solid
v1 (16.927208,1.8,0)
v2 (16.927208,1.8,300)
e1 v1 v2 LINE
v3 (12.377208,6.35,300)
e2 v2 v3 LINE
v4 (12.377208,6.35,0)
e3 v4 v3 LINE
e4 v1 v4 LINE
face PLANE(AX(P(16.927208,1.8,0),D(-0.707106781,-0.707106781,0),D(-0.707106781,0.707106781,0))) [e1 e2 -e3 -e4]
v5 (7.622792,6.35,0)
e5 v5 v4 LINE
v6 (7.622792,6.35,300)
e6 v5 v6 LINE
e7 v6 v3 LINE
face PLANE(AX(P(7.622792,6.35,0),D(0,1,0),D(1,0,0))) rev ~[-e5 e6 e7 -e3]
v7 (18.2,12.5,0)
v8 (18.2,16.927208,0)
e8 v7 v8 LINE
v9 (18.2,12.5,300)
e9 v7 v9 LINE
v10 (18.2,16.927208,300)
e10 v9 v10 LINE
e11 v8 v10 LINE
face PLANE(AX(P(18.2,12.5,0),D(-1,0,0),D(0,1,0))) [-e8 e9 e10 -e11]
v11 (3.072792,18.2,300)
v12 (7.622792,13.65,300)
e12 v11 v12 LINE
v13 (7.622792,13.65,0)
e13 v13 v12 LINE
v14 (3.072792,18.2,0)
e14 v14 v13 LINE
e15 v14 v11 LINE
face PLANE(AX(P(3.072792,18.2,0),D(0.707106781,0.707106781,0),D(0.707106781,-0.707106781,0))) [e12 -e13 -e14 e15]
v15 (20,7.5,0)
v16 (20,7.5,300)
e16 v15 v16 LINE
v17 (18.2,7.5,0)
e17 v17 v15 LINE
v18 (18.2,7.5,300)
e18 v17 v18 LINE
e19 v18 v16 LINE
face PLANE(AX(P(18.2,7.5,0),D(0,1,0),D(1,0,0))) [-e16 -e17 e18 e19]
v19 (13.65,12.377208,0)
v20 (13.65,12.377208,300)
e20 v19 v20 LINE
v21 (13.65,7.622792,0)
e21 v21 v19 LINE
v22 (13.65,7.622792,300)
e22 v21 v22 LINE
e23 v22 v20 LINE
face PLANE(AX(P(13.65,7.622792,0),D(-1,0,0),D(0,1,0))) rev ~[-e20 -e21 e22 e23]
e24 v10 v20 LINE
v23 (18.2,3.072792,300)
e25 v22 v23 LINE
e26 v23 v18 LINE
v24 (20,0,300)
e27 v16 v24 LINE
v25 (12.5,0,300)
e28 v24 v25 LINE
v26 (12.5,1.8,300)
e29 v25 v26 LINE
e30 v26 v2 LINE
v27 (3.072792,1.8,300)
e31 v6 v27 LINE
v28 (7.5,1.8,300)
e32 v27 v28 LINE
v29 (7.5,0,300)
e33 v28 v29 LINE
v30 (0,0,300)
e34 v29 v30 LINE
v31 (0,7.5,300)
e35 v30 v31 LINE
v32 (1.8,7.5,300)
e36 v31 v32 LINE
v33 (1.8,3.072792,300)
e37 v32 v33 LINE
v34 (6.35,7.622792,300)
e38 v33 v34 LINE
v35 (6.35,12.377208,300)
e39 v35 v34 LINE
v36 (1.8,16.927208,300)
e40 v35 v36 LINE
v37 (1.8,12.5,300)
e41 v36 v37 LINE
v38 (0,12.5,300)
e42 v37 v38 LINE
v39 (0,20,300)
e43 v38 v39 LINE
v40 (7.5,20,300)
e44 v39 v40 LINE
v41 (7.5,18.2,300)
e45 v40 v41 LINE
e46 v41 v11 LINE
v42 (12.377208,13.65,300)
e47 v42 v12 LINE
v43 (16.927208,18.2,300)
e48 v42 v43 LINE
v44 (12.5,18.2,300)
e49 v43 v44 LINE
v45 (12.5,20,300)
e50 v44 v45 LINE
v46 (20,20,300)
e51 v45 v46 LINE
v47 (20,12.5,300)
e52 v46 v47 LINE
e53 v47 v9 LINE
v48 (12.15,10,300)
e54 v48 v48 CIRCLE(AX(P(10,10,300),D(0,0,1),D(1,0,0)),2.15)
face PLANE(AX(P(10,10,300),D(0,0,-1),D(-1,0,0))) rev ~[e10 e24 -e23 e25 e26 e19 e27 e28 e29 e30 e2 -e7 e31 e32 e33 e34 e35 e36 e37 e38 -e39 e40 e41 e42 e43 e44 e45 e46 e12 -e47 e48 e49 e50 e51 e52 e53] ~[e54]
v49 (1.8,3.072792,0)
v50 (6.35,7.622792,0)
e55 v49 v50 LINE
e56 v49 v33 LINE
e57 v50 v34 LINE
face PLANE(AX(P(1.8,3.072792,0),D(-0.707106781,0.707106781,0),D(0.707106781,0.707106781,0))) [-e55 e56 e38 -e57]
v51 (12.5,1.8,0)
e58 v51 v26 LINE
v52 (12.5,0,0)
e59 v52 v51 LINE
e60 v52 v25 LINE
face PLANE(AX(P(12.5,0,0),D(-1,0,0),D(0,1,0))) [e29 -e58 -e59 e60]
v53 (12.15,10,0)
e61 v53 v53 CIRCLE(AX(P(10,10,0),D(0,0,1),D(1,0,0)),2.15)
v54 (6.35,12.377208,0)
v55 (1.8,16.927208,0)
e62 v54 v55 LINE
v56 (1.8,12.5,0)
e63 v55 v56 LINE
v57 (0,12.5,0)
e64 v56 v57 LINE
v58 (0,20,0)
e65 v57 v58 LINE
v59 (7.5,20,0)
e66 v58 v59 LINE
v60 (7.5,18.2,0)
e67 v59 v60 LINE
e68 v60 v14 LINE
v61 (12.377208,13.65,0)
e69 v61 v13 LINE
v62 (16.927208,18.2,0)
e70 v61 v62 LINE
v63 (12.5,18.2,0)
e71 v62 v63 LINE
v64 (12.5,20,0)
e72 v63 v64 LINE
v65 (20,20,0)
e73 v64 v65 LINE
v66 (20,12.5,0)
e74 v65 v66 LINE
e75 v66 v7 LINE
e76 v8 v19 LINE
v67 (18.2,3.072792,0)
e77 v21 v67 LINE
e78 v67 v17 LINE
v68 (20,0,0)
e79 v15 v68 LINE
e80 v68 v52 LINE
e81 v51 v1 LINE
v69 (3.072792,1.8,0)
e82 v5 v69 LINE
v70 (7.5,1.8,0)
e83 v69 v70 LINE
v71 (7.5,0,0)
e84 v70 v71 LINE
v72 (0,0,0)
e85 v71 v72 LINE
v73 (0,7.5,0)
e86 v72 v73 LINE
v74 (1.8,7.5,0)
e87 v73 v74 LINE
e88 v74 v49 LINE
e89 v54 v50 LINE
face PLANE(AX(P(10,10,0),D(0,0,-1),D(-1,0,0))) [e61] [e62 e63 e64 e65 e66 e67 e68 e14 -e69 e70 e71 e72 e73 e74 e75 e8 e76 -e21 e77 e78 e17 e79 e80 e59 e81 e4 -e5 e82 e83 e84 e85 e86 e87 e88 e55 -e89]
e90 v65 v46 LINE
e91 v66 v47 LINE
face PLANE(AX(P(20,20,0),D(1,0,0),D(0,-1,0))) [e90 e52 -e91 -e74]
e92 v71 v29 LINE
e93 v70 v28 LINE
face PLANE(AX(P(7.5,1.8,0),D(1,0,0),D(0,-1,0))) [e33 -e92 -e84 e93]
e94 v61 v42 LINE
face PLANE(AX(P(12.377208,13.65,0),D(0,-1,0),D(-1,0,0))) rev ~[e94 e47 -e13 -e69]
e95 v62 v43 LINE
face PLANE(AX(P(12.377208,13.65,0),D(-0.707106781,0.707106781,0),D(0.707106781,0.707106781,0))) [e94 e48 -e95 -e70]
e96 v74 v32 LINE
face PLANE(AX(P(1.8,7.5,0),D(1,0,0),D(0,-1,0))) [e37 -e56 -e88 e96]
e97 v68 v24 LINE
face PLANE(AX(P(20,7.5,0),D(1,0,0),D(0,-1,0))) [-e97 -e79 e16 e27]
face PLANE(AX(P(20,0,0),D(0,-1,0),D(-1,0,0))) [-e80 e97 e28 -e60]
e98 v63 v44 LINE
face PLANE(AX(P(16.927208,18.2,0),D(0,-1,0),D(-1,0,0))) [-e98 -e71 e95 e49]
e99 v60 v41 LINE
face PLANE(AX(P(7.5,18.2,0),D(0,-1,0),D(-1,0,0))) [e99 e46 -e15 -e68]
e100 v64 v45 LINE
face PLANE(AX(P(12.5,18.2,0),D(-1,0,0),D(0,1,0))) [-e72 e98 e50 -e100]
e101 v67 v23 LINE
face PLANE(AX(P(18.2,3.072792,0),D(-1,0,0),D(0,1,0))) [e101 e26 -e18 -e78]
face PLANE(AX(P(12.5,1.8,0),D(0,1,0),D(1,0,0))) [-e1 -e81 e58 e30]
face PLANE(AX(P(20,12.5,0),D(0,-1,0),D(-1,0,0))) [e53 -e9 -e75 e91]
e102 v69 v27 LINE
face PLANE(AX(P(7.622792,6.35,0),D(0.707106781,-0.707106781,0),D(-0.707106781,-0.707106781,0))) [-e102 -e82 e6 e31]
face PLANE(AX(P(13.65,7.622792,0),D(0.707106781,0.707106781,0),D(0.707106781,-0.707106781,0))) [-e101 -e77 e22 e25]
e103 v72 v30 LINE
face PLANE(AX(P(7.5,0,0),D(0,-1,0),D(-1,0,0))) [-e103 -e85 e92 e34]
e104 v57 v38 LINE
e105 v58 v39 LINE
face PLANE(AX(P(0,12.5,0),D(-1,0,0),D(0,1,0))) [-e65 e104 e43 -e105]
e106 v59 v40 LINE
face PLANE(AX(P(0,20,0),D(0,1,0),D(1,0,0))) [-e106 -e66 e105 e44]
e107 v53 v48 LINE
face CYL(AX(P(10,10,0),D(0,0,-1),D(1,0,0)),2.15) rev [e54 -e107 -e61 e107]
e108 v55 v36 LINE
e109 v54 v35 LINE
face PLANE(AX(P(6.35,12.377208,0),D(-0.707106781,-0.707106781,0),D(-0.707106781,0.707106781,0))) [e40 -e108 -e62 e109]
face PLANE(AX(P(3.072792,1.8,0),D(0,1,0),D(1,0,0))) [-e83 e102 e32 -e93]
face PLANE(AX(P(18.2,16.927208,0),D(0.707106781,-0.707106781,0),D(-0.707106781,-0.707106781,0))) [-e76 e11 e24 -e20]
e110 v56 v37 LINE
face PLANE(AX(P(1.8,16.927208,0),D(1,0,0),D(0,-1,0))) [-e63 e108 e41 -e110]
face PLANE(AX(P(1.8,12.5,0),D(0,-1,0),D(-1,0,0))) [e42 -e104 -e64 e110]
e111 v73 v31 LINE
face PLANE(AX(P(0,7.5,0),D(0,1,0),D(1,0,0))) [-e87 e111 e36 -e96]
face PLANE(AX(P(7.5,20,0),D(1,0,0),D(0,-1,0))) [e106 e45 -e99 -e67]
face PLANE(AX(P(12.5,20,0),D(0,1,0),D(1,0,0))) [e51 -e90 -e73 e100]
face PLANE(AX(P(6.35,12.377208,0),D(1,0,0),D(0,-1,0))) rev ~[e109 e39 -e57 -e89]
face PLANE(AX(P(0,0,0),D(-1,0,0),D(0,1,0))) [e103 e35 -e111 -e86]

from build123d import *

# Parameters (mm, degrees)
ESQUISSE1_R        = 2.15
BOSS_EXTRU_1_DEPTH = 300


with BuildPart() as part:
    # Esquisse1 → Boss.-Extru.1 (new body)
    with BuildSketch(Plane.XY):
        Polygon((20, 12.5), (18.2, 12.5), (18.2, 16.927207794), (13.65, 12.377207794), (13.65, 10), (13.65, 7.622792206), (18.2, 3.072792206), (18.2, 7.5), (20, 7.5), (20, 0), (12.5, 0), (12.5, 1.8), (16.927207794, 1.8), (12.377207794, 6.35), (10, 6.35), (7.622792206, 6.35), (3.072792206, 1.8), (7.5, 1.8), (7.5, 0), (0, 0), (0, 7.5), (1.8, 7.5), (1.8, 3.072792206), (6.35, 7.622792206), (6.35, 10), (6.35, 12.377207794), (1.8, 16.927207794), (1.8, 12.5), (0, 12.5), (0, 20), (7.5, 20), (7.5, 18.2), (3.072792206, 18.2), (7.622792206, 13.65), (10, 13.65), (12.377207794, 13.65), (16.927207794, 18.2), (12.5, 18.2), (12.5, 20), (20, 20), align=None)
        with Locations((10, 10)):
            Circle(ESQUISSE1_R, mode=Mode.SUBTRACT)
    extrude(amount=BOSS_EXTRU_1_DEPTH)


solid = part.part
